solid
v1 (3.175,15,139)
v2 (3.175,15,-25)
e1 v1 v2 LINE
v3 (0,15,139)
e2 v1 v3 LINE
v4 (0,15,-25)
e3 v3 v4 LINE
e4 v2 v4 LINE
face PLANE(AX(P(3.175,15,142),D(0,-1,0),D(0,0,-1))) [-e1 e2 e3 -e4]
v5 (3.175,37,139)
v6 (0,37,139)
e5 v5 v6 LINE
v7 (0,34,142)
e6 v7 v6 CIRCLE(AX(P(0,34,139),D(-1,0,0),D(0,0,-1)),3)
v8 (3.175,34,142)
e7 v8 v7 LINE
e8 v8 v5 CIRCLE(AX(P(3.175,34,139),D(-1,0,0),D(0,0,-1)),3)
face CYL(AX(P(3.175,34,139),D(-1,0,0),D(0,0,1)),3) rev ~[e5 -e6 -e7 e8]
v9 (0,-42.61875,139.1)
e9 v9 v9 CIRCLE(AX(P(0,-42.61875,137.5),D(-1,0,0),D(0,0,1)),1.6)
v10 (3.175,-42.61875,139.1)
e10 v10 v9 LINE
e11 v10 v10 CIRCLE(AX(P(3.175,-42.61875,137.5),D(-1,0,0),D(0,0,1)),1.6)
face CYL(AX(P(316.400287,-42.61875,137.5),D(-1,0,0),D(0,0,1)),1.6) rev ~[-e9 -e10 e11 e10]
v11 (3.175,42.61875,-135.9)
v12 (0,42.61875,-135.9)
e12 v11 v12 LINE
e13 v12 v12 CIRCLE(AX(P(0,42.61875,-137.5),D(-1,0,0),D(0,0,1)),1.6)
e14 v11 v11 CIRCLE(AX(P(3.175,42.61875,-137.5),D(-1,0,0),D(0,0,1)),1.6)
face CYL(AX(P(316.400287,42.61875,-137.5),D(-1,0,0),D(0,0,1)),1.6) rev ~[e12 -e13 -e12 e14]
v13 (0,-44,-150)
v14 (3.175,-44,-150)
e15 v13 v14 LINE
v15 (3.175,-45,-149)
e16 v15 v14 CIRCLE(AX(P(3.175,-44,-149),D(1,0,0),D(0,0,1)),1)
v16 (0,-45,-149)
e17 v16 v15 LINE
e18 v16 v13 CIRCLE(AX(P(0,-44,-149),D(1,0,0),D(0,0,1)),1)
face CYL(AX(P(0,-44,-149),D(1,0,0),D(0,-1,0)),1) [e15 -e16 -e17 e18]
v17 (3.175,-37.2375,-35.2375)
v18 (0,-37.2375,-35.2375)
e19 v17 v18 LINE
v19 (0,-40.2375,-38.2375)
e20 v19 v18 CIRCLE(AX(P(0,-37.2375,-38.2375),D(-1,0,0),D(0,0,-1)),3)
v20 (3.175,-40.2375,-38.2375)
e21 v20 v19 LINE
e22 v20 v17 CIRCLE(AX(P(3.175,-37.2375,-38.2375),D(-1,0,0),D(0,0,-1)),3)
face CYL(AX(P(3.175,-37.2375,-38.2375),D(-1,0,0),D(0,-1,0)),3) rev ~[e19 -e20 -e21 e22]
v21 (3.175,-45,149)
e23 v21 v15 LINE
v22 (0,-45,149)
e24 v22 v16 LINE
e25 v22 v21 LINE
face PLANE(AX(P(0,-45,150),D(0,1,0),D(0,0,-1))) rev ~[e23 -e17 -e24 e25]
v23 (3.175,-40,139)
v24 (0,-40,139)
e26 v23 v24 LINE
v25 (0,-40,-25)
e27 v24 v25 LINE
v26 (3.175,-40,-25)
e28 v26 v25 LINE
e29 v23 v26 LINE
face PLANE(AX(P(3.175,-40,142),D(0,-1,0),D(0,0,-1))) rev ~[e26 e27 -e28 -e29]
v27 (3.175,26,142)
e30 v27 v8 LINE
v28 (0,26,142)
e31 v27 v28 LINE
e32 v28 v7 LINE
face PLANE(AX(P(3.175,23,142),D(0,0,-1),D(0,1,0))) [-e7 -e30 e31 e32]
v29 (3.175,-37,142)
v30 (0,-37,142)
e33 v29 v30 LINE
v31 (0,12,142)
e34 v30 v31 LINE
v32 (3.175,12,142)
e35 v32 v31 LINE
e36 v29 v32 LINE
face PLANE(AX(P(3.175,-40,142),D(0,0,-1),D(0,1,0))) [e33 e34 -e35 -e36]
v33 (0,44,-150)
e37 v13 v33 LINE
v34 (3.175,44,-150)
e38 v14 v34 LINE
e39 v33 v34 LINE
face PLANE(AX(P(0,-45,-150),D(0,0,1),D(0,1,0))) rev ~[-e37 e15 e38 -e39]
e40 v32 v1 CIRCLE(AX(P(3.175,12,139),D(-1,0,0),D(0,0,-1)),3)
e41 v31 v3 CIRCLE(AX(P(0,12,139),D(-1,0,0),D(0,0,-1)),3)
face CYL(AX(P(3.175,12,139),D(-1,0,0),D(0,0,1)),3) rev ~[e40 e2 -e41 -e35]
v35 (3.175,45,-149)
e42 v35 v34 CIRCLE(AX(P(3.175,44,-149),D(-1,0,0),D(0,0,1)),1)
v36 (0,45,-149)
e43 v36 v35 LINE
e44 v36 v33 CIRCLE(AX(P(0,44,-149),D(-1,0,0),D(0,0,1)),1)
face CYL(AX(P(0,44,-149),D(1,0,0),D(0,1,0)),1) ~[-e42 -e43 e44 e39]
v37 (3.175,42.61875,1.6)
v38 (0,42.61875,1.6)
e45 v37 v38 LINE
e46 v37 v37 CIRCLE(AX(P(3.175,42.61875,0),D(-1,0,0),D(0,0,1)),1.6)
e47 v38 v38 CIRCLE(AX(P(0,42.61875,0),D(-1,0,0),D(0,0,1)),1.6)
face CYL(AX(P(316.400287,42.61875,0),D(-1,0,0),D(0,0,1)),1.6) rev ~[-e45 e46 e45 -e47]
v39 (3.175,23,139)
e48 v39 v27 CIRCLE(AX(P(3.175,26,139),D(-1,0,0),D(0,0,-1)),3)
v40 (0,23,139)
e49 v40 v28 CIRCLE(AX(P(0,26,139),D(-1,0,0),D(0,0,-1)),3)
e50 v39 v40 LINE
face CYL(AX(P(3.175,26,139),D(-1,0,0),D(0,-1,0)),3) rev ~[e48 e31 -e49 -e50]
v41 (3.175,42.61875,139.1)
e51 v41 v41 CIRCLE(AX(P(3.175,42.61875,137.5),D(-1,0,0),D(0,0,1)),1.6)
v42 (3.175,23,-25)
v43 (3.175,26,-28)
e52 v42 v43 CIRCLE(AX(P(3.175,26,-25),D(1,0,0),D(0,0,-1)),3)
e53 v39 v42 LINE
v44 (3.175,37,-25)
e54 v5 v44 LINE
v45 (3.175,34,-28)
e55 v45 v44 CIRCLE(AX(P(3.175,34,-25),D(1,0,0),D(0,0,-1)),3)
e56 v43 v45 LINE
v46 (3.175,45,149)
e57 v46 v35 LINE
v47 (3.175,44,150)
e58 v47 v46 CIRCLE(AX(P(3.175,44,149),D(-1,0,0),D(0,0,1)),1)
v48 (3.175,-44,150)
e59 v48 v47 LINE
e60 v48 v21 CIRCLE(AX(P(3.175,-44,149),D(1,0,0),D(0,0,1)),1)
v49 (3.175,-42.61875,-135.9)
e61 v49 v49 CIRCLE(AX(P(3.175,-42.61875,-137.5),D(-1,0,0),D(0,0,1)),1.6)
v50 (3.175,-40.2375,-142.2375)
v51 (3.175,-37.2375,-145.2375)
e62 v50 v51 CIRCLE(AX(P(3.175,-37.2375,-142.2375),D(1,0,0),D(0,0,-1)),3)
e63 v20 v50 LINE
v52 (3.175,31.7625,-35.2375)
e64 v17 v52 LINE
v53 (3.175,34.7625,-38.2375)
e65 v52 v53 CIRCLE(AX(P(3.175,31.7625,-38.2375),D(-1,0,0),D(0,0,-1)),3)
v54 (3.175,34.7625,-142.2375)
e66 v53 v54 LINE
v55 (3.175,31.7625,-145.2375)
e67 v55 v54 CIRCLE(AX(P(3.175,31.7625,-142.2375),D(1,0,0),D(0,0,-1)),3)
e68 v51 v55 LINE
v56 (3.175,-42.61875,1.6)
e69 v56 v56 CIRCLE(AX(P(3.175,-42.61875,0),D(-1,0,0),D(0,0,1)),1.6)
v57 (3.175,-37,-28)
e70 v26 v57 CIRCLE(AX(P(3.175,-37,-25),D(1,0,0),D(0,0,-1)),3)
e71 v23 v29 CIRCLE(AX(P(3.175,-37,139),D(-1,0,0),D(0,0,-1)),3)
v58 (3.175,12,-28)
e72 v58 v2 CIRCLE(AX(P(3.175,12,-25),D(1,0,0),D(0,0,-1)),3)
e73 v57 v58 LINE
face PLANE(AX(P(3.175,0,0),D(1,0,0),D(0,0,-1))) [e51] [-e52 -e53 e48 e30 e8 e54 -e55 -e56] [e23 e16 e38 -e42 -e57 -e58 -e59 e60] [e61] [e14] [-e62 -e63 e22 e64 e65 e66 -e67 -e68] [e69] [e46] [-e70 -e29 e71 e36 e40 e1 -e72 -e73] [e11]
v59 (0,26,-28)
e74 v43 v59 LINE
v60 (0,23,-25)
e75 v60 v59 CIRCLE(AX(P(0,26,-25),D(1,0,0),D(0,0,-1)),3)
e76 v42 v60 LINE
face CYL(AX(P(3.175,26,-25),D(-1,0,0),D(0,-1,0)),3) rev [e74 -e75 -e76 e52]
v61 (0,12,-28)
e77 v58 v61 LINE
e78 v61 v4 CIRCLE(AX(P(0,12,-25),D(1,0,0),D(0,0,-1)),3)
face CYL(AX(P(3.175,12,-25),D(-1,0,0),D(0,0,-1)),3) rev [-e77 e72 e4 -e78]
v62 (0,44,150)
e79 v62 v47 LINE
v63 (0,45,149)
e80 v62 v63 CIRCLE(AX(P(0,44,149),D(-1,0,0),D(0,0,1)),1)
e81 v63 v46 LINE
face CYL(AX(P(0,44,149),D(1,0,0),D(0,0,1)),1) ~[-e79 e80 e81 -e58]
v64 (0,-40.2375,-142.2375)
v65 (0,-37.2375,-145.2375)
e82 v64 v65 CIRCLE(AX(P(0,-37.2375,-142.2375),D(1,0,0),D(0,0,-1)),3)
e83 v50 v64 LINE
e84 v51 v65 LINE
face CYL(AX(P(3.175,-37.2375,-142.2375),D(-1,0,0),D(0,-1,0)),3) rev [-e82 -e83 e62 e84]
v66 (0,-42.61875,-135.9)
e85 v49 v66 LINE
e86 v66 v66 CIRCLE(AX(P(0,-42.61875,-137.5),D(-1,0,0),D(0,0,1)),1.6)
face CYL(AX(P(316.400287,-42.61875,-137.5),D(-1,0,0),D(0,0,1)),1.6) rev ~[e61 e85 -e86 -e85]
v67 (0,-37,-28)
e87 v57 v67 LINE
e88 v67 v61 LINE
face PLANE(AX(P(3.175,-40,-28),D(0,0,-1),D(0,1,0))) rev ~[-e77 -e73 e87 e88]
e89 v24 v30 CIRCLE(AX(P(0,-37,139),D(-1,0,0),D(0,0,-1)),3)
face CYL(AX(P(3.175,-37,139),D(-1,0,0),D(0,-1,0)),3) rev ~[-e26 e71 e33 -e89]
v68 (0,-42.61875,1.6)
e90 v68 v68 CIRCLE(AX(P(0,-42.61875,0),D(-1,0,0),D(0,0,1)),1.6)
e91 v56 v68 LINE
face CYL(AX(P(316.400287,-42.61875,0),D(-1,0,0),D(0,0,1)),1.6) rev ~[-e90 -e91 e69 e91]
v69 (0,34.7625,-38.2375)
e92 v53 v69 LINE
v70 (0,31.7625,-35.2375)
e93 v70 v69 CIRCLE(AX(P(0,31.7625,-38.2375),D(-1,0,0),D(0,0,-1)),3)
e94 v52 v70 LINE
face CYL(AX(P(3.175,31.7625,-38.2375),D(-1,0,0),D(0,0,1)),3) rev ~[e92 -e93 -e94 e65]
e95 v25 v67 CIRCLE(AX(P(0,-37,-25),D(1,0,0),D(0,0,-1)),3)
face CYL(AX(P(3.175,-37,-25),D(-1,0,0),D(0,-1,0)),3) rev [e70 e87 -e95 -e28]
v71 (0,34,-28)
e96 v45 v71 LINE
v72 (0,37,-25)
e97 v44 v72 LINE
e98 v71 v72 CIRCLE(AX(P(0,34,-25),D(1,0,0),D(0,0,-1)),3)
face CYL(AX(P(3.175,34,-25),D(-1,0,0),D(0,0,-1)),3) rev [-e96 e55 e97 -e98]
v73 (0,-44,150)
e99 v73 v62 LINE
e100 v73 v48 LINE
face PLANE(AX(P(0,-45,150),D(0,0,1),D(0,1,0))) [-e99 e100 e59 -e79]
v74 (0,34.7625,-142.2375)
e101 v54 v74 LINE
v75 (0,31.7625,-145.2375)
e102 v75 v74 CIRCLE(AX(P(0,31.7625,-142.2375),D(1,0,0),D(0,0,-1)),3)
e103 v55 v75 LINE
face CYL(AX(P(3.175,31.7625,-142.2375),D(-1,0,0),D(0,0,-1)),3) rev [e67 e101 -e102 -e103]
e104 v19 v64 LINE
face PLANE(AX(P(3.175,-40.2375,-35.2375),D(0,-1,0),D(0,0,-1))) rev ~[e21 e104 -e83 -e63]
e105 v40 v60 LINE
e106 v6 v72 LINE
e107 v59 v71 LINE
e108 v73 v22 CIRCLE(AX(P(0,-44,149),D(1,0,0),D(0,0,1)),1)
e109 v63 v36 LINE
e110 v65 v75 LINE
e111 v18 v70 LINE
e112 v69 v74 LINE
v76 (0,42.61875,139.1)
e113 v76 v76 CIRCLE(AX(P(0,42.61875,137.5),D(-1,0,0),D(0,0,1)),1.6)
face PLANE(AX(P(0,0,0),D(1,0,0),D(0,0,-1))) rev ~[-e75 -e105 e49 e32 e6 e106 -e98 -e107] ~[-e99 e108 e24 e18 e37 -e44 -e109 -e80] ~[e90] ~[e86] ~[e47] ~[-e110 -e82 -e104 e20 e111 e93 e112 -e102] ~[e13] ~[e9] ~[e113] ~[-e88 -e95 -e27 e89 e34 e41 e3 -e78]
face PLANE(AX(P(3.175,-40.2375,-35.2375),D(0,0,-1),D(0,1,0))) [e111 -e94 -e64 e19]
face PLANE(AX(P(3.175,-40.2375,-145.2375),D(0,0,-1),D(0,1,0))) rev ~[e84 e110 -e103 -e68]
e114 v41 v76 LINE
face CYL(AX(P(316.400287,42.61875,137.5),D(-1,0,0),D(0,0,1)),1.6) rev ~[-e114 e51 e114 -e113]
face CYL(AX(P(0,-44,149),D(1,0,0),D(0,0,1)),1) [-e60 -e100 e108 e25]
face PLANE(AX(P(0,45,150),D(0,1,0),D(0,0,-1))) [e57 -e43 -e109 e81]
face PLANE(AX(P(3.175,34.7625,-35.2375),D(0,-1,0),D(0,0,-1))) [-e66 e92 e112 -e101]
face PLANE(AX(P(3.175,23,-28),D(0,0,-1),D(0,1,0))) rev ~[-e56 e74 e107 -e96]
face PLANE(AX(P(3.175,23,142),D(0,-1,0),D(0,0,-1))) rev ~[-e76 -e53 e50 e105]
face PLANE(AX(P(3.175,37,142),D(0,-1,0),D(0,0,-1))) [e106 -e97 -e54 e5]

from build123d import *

# Parameters (mm, degrees)
SKETCH2_W            = 300
SKETCH2_H            = 90
BOSS_EXTRUDE1_DEPTH  = 3.175
SKETCH4_W            = 170
SKETCH4_H            = 55
SKETCH4_W_2          = 110
SKETCH4_H_2          = 75
SKETCH4_H_3          = 14
CUT_EXTRUDE2_DEPTH   = 157.636779286
M3_CLEARANCE_HOLE1_D = 3.2
FILLET1_R            = 3
FILLET2_R            = 1


with BuildPart() as part:
    # Sketch2 → Boss-Extrude1 (new body)
    with BuildSketch(Plane(origin=(0, 0, 0), x_dir=(0, 0, -1), z_dir=(1, 0, 0))):
        Rectangle(SKETCH2_W, SKETCH2_H)
    extrude(amount=BOSS_EXTRUDE1_DEPTH)

    # Sketch4 → Cut-Extrude2 (cut, through all)
    with BuildSketch(Plane(origin=(3.175, 0, 0), x_dir=(0, 0, -1), z_dir=(1, 0, 0))):
        with Locations((-57, -12.5)):
            Rectangle(SKETCH4_W, SKETCH4_H)
        with Locations((90.2375, -2.7375)):
            Rectangle(SKETCH4_W_2, SKETCH4_H_2)
        with Locations((-57, 30)):
            Rectangle(SKETCH4_W, SKETCH4_H_3)
    extrude(amount=-CUT_EXTRUDE2_DEPTH, mode=Mode.SUBTRACT)

    # M3 Clearance Hole1 (through all)
    with Locations(Plane(origin=(3.175, 0, 0), x_dir=(0, 0, -1), z_dir=(1, 0, 0))):
        with Locations((-137.5, 42.61875), (0, 42.61875), (137.5, 42.61875), (137.5, -42.61875), (0, -42.61875), (-137.5, -42.61875)):
            Hole(M3_CLEARANCE_HOLE1_D / 2)

    # Fillet1
    fillet1_edges = [part.edges().sort_by_distance(p)[0] for p in [
        (1.5875, 34.7625, -145.2375),
        (1.5875, -40.2375, -145.2375),
        (1.5875, -40.2375, -35.2375),
        (1.5875, 34.7625, -35.2375),
        (1.5875, -40, 142),
        (1.5875, 15, 142),
        (1.5875, 15, -28),
        (1.5875, -40, -28),
        (1.5875, 23, 142),
        (1.5875, 37, 142),
        (1.5875, 37, -28),
        (1.5875, 23, -28),
    ]]
    fillet(fillet1_edges, radius=FILLET1_R)

    # Fillet2
    fillet2_edges = [part.edges().sort_by_distance(p)[0] for p in [
        (1.5875, -45, -150),
        (1.5875, -45, 150),
        (1.5875, 45, 150),
        (1.5875, 45, -150),
    ]]
    fillet(fillet2_edges, radius=FILLET2_R)


solid = part.part
